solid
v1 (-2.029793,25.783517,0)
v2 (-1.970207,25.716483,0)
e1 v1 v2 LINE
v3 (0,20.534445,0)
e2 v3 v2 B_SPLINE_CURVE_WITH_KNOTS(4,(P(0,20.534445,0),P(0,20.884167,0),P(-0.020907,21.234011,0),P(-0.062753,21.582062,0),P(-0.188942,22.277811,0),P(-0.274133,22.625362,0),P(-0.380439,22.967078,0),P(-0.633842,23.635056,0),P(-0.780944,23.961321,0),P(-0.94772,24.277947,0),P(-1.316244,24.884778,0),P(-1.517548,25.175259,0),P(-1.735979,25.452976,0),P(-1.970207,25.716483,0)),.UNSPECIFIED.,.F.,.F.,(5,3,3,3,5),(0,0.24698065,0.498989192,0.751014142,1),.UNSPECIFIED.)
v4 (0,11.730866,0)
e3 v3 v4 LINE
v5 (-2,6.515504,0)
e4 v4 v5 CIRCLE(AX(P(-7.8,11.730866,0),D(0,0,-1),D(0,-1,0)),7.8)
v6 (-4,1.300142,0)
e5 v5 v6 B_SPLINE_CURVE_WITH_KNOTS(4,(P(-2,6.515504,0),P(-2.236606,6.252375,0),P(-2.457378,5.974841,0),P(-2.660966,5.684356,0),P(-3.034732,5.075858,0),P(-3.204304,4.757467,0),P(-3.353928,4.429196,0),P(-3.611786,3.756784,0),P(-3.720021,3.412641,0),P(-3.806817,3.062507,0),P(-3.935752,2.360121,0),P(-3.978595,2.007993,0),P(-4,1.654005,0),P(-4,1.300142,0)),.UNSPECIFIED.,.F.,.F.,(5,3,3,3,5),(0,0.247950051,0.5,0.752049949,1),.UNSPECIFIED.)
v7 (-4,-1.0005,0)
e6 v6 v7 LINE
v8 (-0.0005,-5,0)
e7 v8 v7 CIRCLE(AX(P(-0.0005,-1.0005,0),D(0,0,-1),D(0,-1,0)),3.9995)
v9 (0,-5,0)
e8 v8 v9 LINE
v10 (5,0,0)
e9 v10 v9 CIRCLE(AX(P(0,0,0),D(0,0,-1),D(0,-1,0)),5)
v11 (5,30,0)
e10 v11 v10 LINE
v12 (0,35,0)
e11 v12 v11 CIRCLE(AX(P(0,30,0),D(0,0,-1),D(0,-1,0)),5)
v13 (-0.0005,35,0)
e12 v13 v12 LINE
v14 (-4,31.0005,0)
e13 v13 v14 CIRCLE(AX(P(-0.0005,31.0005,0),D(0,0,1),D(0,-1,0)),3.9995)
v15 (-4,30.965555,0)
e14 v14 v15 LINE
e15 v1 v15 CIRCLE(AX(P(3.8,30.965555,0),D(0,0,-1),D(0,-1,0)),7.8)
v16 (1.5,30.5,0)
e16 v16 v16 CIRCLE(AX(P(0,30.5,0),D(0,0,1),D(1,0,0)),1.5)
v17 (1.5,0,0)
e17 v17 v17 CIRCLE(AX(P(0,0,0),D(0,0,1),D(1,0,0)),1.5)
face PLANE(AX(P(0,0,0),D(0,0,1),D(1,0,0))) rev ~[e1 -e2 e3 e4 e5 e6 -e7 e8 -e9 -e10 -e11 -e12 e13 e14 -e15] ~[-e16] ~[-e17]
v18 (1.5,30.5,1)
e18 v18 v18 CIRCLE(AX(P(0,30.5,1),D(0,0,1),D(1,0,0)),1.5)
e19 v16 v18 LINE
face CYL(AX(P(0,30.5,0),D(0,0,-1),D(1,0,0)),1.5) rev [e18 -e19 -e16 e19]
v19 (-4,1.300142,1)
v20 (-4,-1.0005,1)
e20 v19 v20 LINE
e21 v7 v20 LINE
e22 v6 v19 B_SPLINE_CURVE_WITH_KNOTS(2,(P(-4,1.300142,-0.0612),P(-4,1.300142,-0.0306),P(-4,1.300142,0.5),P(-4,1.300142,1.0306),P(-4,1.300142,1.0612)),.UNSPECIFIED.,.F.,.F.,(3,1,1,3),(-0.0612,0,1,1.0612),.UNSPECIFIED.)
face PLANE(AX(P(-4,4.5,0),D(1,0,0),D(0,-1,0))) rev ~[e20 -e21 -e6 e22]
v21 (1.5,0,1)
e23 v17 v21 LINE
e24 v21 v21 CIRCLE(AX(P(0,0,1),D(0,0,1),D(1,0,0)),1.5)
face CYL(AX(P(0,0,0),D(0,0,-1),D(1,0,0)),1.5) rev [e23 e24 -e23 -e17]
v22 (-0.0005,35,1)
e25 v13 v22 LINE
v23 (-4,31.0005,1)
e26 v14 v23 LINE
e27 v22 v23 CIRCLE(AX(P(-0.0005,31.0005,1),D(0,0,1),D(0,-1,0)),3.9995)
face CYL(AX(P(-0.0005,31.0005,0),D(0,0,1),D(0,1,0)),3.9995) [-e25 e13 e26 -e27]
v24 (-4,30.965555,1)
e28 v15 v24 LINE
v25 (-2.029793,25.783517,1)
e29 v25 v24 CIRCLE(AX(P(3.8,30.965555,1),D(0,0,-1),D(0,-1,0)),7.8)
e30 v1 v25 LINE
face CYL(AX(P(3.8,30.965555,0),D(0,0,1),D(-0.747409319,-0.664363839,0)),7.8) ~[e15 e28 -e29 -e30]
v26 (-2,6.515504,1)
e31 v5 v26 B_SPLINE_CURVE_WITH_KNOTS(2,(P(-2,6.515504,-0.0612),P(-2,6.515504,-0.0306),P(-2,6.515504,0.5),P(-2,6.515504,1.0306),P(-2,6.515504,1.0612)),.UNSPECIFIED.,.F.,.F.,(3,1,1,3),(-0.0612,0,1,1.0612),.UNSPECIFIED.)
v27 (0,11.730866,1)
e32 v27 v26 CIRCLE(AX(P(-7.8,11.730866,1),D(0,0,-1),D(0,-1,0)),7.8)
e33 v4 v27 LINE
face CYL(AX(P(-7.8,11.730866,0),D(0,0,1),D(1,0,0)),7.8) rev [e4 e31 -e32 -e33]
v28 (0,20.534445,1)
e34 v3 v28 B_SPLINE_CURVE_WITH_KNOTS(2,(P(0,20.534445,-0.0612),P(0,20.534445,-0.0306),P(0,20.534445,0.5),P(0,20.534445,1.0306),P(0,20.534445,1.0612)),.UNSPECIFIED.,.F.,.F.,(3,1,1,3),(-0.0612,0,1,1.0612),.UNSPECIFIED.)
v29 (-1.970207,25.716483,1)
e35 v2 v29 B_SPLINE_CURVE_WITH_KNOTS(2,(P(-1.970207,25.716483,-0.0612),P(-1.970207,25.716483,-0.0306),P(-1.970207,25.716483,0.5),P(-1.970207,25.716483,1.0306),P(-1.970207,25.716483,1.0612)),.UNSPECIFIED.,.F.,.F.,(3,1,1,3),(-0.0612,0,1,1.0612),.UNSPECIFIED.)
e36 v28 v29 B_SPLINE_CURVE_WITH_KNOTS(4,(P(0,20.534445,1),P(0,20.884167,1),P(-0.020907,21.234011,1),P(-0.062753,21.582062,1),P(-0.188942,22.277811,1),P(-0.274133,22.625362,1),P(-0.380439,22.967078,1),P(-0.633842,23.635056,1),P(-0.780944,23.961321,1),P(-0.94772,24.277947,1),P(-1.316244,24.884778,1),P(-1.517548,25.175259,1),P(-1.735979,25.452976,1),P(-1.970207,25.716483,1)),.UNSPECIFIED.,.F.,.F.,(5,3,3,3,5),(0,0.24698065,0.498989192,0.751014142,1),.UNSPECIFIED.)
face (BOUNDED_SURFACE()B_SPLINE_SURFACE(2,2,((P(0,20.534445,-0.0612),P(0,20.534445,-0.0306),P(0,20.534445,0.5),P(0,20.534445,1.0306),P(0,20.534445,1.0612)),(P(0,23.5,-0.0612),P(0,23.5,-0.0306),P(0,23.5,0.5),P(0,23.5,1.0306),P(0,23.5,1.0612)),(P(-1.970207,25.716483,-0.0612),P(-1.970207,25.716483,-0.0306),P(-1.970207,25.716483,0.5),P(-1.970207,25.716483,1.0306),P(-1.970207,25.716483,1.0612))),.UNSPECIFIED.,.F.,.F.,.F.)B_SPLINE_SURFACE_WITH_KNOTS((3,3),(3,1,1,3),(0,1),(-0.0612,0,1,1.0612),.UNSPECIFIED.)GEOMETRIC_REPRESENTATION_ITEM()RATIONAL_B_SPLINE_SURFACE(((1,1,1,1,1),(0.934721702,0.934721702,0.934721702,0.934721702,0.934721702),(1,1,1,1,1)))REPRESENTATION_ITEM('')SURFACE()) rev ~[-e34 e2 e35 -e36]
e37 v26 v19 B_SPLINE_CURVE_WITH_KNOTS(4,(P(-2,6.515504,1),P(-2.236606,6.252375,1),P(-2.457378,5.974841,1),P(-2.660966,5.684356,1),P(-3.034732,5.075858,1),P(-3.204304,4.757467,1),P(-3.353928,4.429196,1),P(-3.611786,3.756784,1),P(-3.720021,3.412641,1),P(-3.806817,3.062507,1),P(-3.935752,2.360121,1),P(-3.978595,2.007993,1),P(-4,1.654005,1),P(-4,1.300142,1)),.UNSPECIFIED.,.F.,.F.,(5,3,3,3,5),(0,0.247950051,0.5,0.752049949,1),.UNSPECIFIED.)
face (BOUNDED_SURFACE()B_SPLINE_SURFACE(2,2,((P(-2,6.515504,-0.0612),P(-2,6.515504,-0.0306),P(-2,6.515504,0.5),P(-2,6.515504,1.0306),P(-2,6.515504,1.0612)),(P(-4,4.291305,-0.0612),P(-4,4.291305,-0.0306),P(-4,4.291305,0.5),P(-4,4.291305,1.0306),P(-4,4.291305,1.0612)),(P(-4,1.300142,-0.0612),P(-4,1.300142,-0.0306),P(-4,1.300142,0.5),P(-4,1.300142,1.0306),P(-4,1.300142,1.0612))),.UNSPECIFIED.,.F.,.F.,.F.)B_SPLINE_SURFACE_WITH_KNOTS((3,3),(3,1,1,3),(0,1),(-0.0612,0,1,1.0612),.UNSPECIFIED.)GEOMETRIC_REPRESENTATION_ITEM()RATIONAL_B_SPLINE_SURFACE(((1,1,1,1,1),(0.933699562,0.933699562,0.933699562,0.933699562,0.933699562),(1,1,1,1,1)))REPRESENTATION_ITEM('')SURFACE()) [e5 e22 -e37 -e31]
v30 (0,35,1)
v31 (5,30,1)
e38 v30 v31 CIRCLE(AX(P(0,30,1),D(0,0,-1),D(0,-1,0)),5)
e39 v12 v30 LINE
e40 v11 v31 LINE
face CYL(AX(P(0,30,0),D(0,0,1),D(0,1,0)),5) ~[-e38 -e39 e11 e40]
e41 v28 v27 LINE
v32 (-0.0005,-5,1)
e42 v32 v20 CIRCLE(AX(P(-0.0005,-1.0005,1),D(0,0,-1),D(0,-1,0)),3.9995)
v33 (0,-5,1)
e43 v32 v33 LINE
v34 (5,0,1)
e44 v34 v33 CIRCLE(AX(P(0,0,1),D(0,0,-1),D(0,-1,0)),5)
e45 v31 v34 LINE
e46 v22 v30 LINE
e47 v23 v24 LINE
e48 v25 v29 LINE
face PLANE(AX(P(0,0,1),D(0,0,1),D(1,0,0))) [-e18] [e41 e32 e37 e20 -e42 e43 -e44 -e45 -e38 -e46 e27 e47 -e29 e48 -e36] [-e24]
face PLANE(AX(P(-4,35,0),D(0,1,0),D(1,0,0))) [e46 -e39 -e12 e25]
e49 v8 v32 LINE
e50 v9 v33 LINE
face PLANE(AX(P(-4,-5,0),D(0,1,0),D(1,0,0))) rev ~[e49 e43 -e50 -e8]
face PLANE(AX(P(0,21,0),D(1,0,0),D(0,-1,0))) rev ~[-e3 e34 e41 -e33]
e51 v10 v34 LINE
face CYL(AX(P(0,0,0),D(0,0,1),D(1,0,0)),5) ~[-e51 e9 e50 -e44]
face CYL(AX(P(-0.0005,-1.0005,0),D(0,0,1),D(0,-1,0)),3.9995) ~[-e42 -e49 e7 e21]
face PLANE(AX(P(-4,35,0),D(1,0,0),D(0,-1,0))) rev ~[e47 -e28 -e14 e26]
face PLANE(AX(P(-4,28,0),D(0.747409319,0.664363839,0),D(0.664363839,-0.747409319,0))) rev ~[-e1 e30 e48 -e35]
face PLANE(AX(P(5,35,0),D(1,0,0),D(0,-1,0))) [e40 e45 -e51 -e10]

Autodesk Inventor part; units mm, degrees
ref_plane "YZ Plane" through (0, 0, 0) normal (1, 0, 0) x (0, 1, 0)
ref_plane "XZ Plane" through (0, 0, 0) normal (0, 1, 0) x (-1, 0, 0)
ref_plane "XY Plane" through (0, 0, 0) normal (0, 0, 1) x (1, 0, 0)
sketch "Sketch1" plane through (0, 0, 0) normal (0, 0, 1) x (1, 0, 0)
  circle A0 centre (0, 0) radius 1.5
  circle A1 centre (0, 30.5) radius 1.5
  line L0 (0, 8.5) -> (-4, 4.5)
  line L1 (-4, 35) -> (-4, 25.5)
  line L2 (-4, 4.5) -> (-4, -5)
  line L3 (0, 21) -> (0, 8.5)
  line L4 (-4, 35) -> (5, 35)
  line L5 (-4, -5) -> (5, -5)
  line L6 (5, 35) -> (5, -5)
  line L7 (0, 21) -> (0, 23.5)
  line L8 (-4, 25.5) -> (-4, 28)
  line L9 (-4, 28) -> (0, 23.5)
  dimension "d0" = 3
  dimension "d1" = 3
  dimension "d47" = 9
  dimension "d48" = 9
  dimension "d52" = 4
  dimension "d55" = 4.5
  dimension "d59" = 40
  dimension "d60" = 2.5
  dimension "d61" = 2.5
extrude "Extrusion1" add sketch "Sketch1" along normal blind 1
fillet "Fillet9" radius 5 2 edges at (5, 35, 0.5) (5, -5, 0.5)
fillet "Fillet10" radius 4 2 edges at (-4, 35, 0.5) (-4, -5, 0.5)
fillet "Fillet11" radius 7.8 2 edges at (0, 8.5, 0.5) (-4, 4.5, 0.5)
fillet "Fillet12" radius 7.8 2 edges at (-4, 28, 0.5) (0, 23.5, 0.5)
properties part number "arm1" material "ABS Plastic"
